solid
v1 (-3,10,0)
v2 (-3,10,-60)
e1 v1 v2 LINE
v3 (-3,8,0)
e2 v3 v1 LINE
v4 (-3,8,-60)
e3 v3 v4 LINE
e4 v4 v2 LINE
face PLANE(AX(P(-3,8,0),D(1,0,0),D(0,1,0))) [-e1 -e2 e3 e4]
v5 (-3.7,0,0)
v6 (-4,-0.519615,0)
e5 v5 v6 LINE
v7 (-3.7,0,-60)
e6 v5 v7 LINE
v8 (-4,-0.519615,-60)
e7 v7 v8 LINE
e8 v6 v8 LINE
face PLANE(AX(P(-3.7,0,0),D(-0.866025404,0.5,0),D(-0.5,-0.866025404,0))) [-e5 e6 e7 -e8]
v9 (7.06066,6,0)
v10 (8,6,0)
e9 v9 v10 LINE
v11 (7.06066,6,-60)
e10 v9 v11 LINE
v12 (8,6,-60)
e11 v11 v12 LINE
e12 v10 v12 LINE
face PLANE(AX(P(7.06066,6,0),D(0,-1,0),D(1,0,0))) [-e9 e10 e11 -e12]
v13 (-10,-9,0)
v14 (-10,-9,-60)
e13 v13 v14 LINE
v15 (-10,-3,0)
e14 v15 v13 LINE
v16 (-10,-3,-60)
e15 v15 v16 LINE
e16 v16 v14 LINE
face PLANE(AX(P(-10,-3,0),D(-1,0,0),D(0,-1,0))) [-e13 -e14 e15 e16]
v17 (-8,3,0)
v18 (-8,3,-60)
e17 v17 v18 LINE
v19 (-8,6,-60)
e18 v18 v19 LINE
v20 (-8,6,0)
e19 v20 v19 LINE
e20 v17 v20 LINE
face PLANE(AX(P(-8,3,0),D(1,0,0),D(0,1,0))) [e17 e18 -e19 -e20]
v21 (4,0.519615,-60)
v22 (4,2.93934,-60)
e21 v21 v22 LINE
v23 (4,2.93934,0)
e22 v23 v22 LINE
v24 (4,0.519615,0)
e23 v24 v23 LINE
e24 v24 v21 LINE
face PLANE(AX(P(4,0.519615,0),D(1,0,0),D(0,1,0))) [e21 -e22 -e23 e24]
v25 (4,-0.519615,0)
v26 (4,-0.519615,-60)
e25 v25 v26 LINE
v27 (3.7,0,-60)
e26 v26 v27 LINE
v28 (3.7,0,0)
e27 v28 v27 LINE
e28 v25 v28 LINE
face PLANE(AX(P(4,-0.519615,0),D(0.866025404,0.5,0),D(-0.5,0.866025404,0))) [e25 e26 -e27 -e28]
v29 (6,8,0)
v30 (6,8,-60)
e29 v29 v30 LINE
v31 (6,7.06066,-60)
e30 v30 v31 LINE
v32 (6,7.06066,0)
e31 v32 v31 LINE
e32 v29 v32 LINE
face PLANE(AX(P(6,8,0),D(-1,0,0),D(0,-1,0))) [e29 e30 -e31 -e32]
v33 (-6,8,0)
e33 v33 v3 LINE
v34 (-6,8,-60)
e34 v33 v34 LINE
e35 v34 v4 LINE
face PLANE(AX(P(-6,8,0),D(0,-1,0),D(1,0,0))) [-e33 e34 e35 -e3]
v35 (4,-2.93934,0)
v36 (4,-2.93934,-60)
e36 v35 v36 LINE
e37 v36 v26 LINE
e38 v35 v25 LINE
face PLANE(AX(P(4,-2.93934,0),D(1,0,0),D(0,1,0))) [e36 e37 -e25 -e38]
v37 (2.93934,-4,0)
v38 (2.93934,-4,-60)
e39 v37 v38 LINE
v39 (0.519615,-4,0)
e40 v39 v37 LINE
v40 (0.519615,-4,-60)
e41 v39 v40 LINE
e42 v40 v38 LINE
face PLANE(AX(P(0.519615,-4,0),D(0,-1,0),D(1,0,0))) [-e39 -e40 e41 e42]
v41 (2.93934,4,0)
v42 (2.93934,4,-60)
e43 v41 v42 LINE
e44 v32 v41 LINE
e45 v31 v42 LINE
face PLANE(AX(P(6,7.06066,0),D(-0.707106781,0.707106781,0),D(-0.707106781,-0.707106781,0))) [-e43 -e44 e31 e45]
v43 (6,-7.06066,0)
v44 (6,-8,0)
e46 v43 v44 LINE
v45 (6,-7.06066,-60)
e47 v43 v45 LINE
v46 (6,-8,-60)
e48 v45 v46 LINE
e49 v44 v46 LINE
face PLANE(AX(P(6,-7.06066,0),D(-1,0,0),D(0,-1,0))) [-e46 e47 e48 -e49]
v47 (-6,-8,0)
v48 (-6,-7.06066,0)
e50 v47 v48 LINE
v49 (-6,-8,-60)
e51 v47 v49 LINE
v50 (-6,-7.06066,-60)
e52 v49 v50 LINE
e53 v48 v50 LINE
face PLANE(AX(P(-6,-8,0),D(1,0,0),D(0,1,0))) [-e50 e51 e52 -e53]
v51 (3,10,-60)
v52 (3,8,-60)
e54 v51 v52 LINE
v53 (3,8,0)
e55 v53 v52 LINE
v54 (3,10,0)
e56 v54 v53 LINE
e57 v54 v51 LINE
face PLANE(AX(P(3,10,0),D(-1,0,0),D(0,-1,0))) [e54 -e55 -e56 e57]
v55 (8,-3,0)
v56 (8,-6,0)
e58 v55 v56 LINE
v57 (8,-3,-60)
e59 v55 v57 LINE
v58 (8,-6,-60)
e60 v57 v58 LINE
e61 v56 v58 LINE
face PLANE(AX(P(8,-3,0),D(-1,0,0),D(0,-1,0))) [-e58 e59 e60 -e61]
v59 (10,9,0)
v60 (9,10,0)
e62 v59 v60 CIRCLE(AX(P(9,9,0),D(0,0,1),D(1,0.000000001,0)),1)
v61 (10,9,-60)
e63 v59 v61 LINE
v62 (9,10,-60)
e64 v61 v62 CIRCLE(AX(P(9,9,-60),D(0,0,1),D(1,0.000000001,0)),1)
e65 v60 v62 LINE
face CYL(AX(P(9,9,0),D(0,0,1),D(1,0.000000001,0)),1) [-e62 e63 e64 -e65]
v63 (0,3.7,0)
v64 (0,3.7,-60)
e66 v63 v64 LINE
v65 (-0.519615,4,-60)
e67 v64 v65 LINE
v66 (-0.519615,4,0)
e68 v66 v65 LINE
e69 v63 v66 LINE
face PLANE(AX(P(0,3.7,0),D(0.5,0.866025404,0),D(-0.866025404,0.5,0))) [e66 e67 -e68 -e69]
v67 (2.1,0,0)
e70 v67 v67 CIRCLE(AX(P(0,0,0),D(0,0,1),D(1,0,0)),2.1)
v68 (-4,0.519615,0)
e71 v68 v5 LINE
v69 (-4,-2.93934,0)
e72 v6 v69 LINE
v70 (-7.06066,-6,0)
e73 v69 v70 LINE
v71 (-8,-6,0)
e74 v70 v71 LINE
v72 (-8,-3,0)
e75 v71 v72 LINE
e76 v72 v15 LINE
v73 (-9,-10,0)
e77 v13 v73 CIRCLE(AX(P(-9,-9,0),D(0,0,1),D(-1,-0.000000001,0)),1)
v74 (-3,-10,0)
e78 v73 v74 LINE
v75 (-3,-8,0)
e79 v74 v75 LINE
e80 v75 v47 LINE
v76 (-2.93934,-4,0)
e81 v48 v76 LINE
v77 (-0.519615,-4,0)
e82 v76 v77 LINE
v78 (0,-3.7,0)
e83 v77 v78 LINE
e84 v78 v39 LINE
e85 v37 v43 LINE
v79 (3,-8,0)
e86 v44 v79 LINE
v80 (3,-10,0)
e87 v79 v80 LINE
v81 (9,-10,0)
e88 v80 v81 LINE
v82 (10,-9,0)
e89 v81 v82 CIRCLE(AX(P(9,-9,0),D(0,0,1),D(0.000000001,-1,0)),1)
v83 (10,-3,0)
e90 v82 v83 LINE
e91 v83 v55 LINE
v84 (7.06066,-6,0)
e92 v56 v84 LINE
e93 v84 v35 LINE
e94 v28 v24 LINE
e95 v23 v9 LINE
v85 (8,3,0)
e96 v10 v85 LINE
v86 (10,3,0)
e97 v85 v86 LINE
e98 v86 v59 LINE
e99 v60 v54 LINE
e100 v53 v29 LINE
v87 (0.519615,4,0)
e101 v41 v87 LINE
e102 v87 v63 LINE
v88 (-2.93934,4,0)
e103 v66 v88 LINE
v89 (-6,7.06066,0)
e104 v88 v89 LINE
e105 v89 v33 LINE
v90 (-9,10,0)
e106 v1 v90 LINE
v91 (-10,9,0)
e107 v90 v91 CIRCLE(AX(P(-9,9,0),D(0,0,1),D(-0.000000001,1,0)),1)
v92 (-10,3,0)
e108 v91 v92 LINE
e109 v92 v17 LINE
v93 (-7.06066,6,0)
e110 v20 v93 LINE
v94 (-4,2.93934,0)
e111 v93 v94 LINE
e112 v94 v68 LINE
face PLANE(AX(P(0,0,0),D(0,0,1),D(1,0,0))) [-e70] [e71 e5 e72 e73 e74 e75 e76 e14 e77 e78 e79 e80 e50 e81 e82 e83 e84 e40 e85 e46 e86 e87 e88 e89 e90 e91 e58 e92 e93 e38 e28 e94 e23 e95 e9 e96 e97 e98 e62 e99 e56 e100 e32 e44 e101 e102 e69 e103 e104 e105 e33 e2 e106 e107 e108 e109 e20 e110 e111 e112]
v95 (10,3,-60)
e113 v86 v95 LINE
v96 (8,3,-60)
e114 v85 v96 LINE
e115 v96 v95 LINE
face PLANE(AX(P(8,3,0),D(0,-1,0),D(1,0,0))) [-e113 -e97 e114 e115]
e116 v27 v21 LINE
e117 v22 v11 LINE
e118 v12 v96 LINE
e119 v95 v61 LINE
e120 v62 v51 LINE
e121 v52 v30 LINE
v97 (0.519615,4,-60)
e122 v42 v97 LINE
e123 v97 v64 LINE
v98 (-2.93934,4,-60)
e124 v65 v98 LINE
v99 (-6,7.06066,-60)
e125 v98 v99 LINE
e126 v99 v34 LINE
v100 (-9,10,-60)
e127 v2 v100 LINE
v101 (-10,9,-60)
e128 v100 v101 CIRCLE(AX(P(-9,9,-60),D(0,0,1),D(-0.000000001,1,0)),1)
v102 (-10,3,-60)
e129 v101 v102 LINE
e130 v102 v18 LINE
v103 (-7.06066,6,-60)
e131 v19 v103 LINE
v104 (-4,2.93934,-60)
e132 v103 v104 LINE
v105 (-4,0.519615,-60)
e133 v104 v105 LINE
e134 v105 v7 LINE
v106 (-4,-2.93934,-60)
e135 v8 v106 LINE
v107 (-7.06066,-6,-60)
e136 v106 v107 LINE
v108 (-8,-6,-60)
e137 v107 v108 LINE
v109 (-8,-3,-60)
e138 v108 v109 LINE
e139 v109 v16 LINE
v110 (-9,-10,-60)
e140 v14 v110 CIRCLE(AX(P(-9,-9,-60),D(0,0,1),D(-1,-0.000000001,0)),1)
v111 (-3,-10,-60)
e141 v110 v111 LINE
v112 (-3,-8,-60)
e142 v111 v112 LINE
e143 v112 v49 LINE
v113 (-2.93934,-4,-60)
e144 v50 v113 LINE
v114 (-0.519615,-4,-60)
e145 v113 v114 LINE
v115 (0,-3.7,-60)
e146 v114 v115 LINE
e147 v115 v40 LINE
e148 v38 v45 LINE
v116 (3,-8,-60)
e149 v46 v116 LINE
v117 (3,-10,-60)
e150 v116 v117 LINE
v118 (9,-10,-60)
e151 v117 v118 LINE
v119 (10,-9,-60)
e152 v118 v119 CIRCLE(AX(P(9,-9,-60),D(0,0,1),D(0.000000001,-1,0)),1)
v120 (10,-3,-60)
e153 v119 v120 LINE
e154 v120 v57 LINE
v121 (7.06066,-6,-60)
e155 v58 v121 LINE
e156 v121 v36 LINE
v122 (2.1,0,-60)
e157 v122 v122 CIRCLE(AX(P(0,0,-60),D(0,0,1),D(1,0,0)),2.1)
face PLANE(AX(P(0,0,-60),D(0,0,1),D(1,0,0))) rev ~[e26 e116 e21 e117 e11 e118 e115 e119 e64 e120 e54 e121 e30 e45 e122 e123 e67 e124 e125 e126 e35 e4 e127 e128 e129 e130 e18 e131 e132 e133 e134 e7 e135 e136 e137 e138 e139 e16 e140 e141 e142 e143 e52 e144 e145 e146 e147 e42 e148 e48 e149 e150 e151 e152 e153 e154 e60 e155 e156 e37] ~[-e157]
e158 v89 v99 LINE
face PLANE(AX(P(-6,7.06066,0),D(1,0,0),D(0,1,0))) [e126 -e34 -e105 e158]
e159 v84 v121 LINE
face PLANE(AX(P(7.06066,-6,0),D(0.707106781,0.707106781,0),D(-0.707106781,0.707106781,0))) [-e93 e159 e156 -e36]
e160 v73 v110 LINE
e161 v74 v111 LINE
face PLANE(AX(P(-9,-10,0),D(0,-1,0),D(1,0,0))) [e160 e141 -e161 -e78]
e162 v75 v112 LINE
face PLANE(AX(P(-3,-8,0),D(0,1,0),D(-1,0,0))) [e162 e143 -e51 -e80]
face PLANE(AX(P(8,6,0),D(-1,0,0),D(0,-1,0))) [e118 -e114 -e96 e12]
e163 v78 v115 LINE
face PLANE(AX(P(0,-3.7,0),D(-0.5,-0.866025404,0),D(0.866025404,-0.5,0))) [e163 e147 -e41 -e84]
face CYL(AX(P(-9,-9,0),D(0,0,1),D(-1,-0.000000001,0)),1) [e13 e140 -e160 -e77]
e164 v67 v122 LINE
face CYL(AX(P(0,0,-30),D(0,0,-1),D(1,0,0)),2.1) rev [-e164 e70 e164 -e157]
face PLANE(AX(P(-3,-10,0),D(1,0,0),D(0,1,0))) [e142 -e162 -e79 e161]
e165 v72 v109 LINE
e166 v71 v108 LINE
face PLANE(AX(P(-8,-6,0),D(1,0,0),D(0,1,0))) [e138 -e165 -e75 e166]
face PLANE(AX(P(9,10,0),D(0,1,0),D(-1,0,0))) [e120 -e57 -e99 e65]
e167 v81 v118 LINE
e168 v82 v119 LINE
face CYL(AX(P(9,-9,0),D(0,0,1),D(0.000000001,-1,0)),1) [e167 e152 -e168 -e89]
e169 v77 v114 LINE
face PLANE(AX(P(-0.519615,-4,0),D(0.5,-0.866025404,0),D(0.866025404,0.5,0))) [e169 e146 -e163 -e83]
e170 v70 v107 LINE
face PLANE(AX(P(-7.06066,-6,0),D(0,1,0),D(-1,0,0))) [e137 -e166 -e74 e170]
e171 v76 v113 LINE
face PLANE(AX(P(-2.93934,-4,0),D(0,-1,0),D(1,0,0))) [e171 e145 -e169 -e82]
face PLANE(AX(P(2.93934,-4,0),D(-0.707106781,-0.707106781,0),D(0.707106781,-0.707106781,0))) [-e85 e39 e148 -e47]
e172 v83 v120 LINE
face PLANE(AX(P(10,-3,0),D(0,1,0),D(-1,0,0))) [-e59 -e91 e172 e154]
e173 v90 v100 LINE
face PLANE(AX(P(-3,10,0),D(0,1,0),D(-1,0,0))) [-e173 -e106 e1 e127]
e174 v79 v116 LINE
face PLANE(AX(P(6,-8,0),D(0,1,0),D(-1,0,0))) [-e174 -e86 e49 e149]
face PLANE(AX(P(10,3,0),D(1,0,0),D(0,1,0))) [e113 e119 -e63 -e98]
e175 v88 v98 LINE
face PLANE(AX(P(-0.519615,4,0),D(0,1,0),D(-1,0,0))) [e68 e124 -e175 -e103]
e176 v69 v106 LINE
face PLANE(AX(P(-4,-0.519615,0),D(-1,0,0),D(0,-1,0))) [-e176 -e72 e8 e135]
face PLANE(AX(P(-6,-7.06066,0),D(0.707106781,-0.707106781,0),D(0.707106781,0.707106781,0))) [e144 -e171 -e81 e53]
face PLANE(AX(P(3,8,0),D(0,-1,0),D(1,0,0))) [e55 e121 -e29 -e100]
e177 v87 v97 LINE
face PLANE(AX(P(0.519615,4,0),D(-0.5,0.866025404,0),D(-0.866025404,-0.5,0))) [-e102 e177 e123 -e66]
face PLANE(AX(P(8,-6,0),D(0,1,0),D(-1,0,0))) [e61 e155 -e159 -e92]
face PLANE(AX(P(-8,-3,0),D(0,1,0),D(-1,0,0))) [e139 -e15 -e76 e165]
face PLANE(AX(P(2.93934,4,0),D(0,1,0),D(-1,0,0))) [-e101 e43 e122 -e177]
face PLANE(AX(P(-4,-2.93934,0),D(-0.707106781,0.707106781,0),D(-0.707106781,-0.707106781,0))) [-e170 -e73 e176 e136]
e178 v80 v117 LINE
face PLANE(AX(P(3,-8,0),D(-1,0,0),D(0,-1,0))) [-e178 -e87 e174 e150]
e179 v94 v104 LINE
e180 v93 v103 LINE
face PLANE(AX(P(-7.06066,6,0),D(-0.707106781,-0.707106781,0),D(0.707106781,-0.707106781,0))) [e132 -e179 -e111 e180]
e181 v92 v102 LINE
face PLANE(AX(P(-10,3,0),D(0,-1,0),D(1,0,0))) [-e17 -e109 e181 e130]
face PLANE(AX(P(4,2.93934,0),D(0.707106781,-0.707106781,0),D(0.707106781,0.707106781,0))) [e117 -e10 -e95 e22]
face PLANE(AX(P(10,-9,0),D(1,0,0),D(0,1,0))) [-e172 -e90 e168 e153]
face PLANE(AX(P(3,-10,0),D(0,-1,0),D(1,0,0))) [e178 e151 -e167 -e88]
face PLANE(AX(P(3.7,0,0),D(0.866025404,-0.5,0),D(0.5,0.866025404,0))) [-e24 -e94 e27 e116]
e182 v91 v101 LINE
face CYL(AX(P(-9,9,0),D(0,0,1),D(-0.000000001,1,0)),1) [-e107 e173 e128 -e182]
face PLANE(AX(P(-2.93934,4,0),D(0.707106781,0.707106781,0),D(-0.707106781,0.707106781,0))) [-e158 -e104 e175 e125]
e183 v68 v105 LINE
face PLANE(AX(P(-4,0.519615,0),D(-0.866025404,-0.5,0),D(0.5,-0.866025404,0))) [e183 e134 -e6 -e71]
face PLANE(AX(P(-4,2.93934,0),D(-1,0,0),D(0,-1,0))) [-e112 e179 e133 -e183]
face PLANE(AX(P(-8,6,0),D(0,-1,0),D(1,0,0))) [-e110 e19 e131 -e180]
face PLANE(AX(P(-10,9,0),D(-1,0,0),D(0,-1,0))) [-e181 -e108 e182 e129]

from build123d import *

# Parameters (mm, degrees)
BOSS_EXTRUDE1_DEPTH = 60
SKETCH2_W           = 60
SKETCH2_H           = 2.1


with BuildPart() as part:
    # Sketch1 → Boss-Extrude1 (new body)
    with BuildSketch(Plane.XY):
        with BuildLine():
            Line((-10, -3), (-10, -9))
            ThreePointArc((-10, -9), (-9.707106781, -9.707106781), (-9, -10))
            Line((-9, -10), (-3, -10))
            Line((-3, -10), (-3, -8))
            Line((-3, -8), (-6, -8))
            Line((-6, -8), (-6, -7.060660172))
            Line((-6, -7.060660172), (-2.939339828, -4))
            Line((-2.939339828, -4), (-0.519615242, -4))
            Line((-0.519615242, -4), (0, -3.7))
            Line((0, -3.7), (0.519615242, -4))
            Line((0.519615242, -4), (2.939339828, -4))
            Line((2.939339828, -4), (6, -7.060660172))
            Line((6, -7.060660172), (6, -8))
            Line((6, -8), (3, -8))
            Line((3, -8), (3, -10))
            Line((3, -10), (9, -10))
            ThreePointArc((9, -10), (9.707106781, -9.707106781), (10, -9))
            Line((10, -9), (10, -3))
            Line((10, -3), (8, -3))
            Line((8, -3), (8, -6))
            Line((8, -6), (7.060660172, -6))
            Line((7.060660172, -6), (4, -2.939339828))
            Line((4, -2.939339828), (4, -0.519615242))
            Line((4, -0.519615242), (3.7, 0))
            Line((3.7, 0), (4, 0.519615242))
            Line((4, 0.519615242), (4, 2.939339828))
            Line((4, 2.939339828), (7.060660172, 6))
            Line((7.060660172, 6), (8, 6))
            Line((8, 6), (8, 3))
            Line((8, 3), (10, 3))
            Line((10, 3), (10, 9))
            ThreePointArc((10, 9), (9.707106781, 9.707106781), (9, 10))
            Line((9, 10), (3, 10))
            Line((3, 10), (3, 8))
            Line((3, 8), (6, 8))
            Line((6, 8), (6, 7.060660172))
            Line((6, 7.060660172), (2.939339828, 4))
            Line((2.939339828, 4), (0.519615242, 4))
            Line((0.519615242, 4), (0, 3.7))
            Line((0, 3.7), (-0.519615242, 4))
            Line((-0.519615242, 4), (-2.939339828, 4))
            Line((-2.939339828, 4), (-6, 7.060660172))
            Line((-6, 7.060660172), (-6, 8))
            Line((-6, 8), (-3, 8))
            Line((-3, 8), (-3, 10))
            Line((-3, 10), (-9, 10))
            ThreePointArc((-9, 10), (-9.707106781, 9.707106781), (-10, 9))
            Line((-10, 9), (-10, 3))
            Line((-10, 3), (-8, 3))
            Line((-8, 3), (-8, 6))
            Line((-8, 6), (-7.060660172, 6))
            Line((-7.060660172, 6), (-4, 2.939339828))
            Line((-4, 2.939339828), (-4, 0.519615242))
            Line((-4, 0.519615242), (-3.7, 0))
            Line((-3.7, 0), (-4, -0.519615242))
            Line((-4, -0.519615242), (-4, -2.939339828))
            Line((-4, -2.939339828), (-7.060660172, -6))
            Line((-7.060660172, -6), (-8, -6))
            Line((-8, -6), (-8, -3))
            Line((-8, -3), (-10, -3))
        make_face()
    extrude(amount=-BOSS_EXTRUDE1_DEPTH)

    # Sketch2 → Cut-Revolve1 (revolve, cut)
    with BuildSketch(Plane(origin=(0, 0, 0), x_dir=(0, 0, -1), z_dir=(1, 0, 0)), mode=Mode.PRIVATE) as cut_revolve1_sk:
        with Locations((30, 1.05)):
            Rectangle(SKETCH2_W, SKETCH2_H)
    revolve(cut_revolve1_sk.sketch.rotate(Axis((0, 0, -60), (0, 0, 1)), 270), axis=Axis((0, 0, -60), (0, 0, 1)), mode=Mode.SUBTRACT)


solid = part.part
